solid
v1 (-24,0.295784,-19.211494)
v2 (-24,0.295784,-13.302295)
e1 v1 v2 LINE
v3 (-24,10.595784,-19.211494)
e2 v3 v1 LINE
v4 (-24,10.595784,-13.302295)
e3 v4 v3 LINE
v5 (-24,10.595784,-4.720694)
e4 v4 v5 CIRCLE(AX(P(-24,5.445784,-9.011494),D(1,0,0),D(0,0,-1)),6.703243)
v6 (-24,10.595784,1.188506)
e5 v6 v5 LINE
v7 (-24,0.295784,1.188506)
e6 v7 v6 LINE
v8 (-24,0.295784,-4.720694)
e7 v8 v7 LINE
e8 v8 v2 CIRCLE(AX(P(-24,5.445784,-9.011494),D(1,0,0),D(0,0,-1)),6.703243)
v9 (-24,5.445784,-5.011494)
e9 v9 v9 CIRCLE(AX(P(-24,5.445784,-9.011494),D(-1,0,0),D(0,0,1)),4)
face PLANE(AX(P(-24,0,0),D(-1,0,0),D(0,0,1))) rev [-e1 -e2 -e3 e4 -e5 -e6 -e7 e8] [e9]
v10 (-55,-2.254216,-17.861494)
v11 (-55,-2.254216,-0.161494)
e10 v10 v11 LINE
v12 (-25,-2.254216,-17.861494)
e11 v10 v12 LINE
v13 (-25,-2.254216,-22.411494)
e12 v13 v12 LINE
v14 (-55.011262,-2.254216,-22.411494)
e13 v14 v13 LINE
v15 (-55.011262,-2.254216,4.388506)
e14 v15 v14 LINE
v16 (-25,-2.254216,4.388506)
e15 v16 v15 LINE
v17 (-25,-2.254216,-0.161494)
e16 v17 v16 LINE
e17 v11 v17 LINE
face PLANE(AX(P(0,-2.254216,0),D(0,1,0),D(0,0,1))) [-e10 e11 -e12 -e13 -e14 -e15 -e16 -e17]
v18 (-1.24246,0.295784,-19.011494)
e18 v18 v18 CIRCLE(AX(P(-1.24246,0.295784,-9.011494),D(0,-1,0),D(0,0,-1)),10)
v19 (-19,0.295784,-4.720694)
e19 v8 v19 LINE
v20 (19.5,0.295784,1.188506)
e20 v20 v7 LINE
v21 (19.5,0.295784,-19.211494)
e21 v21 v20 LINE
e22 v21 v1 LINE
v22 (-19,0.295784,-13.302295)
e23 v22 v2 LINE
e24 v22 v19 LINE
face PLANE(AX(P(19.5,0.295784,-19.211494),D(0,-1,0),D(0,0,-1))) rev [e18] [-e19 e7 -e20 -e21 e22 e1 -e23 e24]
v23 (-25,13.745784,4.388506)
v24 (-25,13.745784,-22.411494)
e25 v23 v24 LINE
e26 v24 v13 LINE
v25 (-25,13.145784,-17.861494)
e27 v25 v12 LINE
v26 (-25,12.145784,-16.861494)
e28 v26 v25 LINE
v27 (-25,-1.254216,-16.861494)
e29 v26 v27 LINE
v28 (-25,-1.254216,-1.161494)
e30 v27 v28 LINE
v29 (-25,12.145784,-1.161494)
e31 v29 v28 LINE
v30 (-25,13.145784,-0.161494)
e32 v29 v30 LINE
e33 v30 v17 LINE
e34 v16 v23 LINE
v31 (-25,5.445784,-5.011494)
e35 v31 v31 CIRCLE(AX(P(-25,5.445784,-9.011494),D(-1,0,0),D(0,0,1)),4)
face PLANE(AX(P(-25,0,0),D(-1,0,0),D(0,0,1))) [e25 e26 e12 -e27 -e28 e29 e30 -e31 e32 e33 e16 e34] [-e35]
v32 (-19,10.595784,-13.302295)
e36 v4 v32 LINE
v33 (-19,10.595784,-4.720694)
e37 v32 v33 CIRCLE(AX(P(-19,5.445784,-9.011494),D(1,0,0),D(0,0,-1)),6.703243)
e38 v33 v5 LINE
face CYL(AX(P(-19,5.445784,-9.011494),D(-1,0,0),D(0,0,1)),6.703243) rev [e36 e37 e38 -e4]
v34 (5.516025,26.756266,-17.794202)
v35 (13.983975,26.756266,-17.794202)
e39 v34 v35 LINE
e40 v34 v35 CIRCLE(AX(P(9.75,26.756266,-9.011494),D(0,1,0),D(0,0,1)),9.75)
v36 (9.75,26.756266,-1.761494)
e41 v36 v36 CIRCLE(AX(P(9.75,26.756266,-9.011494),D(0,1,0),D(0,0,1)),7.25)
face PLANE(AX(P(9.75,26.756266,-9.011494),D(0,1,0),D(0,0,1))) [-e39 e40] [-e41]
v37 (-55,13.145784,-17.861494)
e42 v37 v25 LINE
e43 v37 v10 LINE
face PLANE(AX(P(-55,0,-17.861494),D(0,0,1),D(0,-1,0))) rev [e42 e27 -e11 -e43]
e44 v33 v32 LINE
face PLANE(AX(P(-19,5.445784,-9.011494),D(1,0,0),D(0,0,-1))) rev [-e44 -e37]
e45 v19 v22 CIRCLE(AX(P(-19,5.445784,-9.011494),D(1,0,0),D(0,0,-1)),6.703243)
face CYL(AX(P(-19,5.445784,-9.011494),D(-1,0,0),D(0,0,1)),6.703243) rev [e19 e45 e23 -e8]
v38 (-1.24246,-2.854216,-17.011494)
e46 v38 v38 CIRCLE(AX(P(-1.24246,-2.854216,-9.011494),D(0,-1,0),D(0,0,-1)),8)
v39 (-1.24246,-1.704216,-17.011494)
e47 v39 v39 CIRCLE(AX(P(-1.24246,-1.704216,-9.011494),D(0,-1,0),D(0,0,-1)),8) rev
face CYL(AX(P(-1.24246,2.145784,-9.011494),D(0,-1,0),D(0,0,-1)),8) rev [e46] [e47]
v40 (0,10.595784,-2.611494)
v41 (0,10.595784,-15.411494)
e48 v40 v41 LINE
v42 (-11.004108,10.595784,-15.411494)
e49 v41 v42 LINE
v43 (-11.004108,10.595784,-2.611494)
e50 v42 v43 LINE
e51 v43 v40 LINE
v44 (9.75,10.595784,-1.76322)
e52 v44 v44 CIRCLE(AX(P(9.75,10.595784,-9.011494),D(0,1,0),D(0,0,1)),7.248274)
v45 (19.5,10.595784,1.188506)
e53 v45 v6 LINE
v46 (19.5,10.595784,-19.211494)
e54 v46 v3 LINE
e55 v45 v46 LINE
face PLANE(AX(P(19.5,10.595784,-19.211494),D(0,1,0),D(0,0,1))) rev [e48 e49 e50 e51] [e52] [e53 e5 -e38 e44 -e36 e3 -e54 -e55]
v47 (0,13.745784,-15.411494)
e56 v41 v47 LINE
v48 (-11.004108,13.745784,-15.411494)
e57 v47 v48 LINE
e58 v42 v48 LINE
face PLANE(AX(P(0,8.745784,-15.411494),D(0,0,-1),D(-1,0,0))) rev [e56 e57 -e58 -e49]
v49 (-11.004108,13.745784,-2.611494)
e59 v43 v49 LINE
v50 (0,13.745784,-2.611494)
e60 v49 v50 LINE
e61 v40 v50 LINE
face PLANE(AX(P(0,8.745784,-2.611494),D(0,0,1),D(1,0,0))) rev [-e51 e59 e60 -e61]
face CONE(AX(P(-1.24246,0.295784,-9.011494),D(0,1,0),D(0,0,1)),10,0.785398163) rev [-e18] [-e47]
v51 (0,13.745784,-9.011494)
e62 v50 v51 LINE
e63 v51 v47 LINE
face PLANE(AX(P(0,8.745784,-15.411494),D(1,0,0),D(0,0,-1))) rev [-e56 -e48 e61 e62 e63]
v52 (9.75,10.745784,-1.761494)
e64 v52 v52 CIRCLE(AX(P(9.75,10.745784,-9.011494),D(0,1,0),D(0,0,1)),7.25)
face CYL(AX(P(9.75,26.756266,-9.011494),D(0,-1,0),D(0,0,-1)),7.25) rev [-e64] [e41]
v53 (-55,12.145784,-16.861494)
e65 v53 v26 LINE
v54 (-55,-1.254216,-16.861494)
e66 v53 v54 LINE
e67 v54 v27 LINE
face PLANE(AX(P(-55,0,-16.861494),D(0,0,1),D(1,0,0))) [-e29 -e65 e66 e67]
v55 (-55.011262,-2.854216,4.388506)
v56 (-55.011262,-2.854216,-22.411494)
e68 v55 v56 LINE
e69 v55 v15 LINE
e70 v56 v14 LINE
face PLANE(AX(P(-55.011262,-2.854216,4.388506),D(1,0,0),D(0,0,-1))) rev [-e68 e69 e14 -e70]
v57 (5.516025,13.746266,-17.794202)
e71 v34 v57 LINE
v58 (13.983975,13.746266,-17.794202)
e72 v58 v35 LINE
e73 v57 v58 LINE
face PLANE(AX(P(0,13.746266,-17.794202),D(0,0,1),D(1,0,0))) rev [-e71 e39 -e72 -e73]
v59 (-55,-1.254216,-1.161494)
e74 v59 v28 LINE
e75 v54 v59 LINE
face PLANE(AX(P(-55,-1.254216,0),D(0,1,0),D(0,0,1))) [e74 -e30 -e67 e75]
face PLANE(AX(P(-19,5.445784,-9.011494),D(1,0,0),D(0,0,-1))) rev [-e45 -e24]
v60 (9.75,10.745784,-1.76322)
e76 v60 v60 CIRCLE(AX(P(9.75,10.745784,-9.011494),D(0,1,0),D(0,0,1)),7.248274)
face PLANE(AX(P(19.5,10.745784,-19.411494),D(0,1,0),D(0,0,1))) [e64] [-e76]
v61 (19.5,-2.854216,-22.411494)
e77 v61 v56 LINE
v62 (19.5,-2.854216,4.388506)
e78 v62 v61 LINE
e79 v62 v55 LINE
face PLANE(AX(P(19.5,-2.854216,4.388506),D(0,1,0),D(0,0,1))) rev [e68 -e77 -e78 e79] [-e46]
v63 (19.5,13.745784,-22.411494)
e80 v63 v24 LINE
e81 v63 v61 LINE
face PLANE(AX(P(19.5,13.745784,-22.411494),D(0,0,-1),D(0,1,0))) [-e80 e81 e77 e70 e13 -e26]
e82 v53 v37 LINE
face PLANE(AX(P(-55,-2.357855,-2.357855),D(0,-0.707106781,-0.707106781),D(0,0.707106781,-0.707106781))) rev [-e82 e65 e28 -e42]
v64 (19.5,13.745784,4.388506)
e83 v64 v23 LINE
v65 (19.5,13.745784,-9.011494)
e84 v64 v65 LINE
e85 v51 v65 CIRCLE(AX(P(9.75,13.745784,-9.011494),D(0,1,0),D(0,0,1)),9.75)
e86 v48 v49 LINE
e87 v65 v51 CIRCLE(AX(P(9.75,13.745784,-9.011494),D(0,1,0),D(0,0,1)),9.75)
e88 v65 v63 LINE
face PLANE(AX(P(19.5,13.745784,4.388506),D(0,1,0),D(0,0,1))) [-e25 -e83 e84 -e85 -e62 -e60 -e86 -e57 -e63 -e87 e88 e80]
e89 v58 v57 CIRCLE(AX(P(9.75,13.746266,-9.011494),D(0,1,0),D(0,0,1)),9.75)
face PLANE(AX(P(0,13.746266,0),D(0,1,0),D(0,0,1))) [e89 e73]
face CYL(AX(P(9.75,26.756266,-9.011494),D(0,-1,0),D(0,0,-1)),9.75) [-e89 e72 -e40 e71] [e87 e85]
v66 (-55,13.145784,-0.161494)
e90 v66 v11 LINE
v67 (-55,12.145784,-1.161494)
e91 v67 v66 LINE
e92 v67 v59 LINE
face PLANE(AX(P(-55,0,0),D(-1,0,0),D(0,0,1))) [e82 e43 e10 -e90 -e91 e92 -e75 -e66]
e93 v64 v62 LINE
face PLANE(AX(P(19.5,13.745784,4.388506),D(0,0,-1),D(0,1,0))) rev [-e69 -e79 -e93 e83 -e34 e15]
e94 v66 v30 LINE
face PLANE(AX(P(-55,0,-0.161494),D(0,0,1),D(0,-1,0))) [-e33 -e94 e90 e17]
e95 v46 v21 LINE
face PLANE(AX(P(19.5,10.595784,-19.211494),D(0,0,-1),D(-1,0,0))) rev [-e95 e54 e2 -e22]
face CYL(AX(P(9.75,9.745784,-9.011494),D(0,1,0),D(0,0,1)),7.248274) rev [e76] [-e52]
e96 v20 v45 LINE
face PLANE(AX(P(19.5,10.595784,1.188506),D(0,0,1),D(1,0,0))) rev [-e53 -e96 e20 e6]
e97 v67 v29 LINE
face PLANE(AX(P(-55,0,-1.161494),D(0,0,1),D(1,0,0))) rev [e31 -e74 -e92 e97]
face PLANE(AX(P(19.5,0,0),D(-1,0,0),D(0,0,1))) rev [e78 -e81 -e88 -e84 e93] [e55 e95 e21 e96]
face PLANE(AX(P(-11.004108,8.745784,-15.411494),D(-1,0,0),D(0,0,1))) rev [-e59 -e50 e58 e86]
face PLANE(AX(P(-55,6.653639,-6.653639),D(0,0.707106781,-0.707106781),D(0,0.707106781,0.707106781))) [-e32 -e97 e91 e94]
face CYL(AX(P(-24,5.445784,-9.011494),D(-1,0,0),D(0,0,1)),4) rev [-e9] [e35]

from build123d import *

# Parameters (mm, degrees)
SKETCH2_W            = 26.8
SKETCH2_H            = 16.6
SKETCH2_W_2          = 20.8
SKETCH2_H_2          = 10.6
BOSS_EXTRUDE3_DEPTH  = 19.5
SKETCH8_R            = 9.75
SKETCH8_R_2          = 7.25
BOSS_EXTRUDE5_DEPTH  = 13.010482488
CUT_EXTRUDE1_START   = -5
SKETCH9_R            = 7.25
CUT_EXTRUDE1_DEPTH   = 5
SKETCH11_W           = 20.8
SKETCH11_H           = 10.6
SKETCH11_W_2         = 20.4
SKETCH11_H_2         = 10.3
BOSS_EXTRUDE7_DEPTH  = 19.5
SKETCH12_R           = 7.248274147
CUT_EXTRUDE3_DEPTH   = 4
SKETCH14_W           = 26.8
SKETCH14_H           = 16.6
SKETCH14_W_2         = 20.4
SKETCH14_H_2         = 10.3
BOSS_EXTRUDE8_DEPTH  = 24
SKETCH15_R           = 8
CUT_EXTRUDE5_DEPTH   = 5
SKETCH16_W           = 11.004107939
SKETCH16_H           = 12.8
CUT_EXTRUDE6_DEPTH   = 5
CHAMFER4_SIZE        = 2
SKETCH17_W           = 26.8
SKETCH17_H           = 16.6
BOSS_EXTRUDE9_DEPTH  = 1
SKETCH18_R           = 4
CUT_EXTRUDE7_DEPTH   = 1
BOSS_EXTRUDE11_DEPTH = 30
SKETCH20_W           = 30.011261772
SKETCH20_H           = 26.8
BOSS_EXTRUDE12_DEPTH = 0.6
SKETCH23_R           = 6.70324332
CUT_EXTRUDE9_DEPTH   = 5
SKETCH25_W           = 20.840121468
SKETCH25_H           = 2.448199345
CUT_EXTRUDE10_DEPTH  = 13.01


with BuildPart() as part:
    # Sketch2 → Boss-Extrude3 (new body)
    with BuildSketch(Plane(origin=(0, 0, 0), x_dir=(0, 0, -1), z_dir=(1, 0, 0))):
        with Locations((9.011494253, 5.445783842)):
            Rectangle(SKETCH2_W, SKETCH2_H)
        with Locations((9.011494253, 5.445783842)):
            Rectangle(SKETCH2_W_2, SKETCH2_H_2, mode=Mode.SUBTRACT)
    extrude(amount=BOSS_EXTRUDE3_DEPTH)

    # Sketch8 → Boss-Extrude5 (add)
    with BuildSketch(Plane(origin=(0, 13.745783842, 0), x_dir=(1, 0, 0), z_dir=(0, 1, 0))):
        with Locations(Location((9.75, 9.011494253, 0), (0, 0, 180))):
            Circle(SKETCH8_R)
        with Locations(Location((9.75, 9.011494253, 0), (0, 0, 270))):
            Circle(SKETCH8_R_2, mode=Mode.SUBTRACT)
    extrude(amount=BOSS_EXTRUDE5_DEPTH)

    # Sketch9 → Cut-Extrude1 (cut)
    with BuildSketch(Plane(origin=(0, 13.745783842, 0), x_dir=(1, 0, 0), z_dir=(0, 1, 0)).offset(CUT_EXTRUDE1_START)):
        with Locations(Location((9.75, 9.011494253, 0), (0, 0, 270))):
            Circle(SKETCH9_R)
    extrude(amount=CUT_EXTRUDE1_DEPTH, mode=Mode.SUBTRACT)

    # Sketch11 → Boss-Extrude7 (add)
    with BuildSketch(Plane.ZY):
        with Locations((-9.011494253, 5.445783842)):
            Rectangle(SKETCH11_W, SKETCH11_H)
        with Locations((-9.011494253, 5.445783842)):
            Rectangle(SKETCH11_W_2, SKETCH11_H_2, mode=Mode.SUBTRACT)
    extrude(amount=-BOSS_EXTRUDE7_DEPTH)

    # Sketch12 → Cut-Extrude3 (cut)
    with BuildSketch(Plane(origin=(0, 13.745783842, 0), x_dir=(1, 0, 0), z_dir=(0, 1, 0))):
        with Locations(Location((9.75, 9.011494253, 0), (0, 0, 270))):
            Circle(SKETCH12_R)
    extrude(amount=-CUT_EXTRUDE3_DEPTH, mode=Mode.SUBTRACT)

    # Sketch14 → Boss-Extrude8 (add)
    with BuildSketch(Plane.ZY):
        with Locations((-9.011494253, 5.445783842)):
            Rectangle(SKETCH14_W, SKETCH14_H)
        with Locations((-9.011494253, 5.445783842)):
            Rectangle(SKETCH14_W_2, SKETCH14_H_2, mode=Mode.SUBTRACT)
    extrude(amount=BOSS_EXTRUDE8_DEPTH)

    # Sketch15 → Cut-Extrude5 (cut)
    with BuildSketch(Plane.XZ.offset(2.854216158)):
        with Locations(Location((-1.242459593, -9.011494253, 0), (0, 0, 270))):
            Circle(SKETCH15_R)
    extrude(amount=-CUT_EXTRUDE5_DEPTH, mode=Mode.SUBTRACT)

    # Sketch16 → Cut-Extrude6 (cut)
    with BuildSketch(Plane(origin=(0, 13.745783842, 0), x_dir=(1, 0, 0), z_dir=(0, 1, 0))):
        with Locations((-5.50205397, 9.011494253)):
            Rectangle(SKETCH16_W, SKETCH16_H)
    extrude(amount=-CUT_EXTRUDE6_DEPTH, mode=Mode.SUBTRACT)

    # Chamfer4
    chamfer4_edges = [part.edges().sort_by_distance(p)[0] for p in [
        (-1.242459593, 0.295783842, -1.011494253),
    ]]
    chamfer(chamfer4_edges, length=CHAMFER4_SIZE)

    # Sketch17 → Boss-Extrude9 (add)
    with BuildSketch(Plane.ZY.offset(24)):
        with Locations((-9.011494253, 5.445783842)):
            Rectangle(SKETCH17_W, SKETCH17_H)
    extrude(amount=BOSS_EXTRUDE9_DEPTH)

    # Sketch18 → Cut-Extrude7 (cut)
    with BuildSketch(Plane.ZY.offset(25)):
        with Locations((-9.011494253, 5.445783842)):
            Circle(SKETCH18_R)
    extrude(amount=-CUT_EXTRUDE7_DEPTH, mode=Mode.SUBTRACT)

    # Sketch19 → Boss-Extrude11 (add)
    with BuildSketch(Plane.ZY.offset(25)):
        Polygon((-0.161494253, 13.145783842), (-0.161494253, -2.254216158), (-17.861494253, -2.254216158), (-17.861494253, 13.145783842), (-16.861494253, 12.145783842), (-16.861494253, -1.254216158), (-1.161494253, -1.254216158), (-1.161494253, 12.145783842), align=None)
    extrude(amount=BOSS_EXTRUDE11_DEPTH)

    # Sketch20 → Boss-Extrude12 (add)
    with BuildSketch(Plane.XZ.offset(2.254216158)):
        with Locations((-40.005630886, -9.011494253)):
            Rectangle(SKETCH20_W, SKETCH20_H)
    extrude(amount=BOSS_EXTRUDE12_DEPTH)

    # Sketch23 → Cut-Extrude9 (cut)
    with BuildSketch(Plane(origin=(-24, 0, 0), x_dir=(0, 0, -1), z_dir=(1, 0, 0))):
        with Locations((9.011494253, 5.445783842)):
            Circle(SKETCH23_R)
    extrude(amount=CUT_EXTRUDE9_DEPTH, mode=Mode.SUBTRACT)

    # Sketch25 → Cut-Extrude10 (cut)
    with BuildSketch(Plane(origin=(0, 26.756266329, 0), x_dir=(1, 0, 0), z_dir=(0, 1, 0))):
        with Locations((10.420060734, 19.018301842)):
            Rectangle(SKETCH25_W, SKETCH25_H)
    extrude(amount=-CUT_EXTRUDE10_DEPTH, mode=Mode.SUBTRACT)


solid = part.part
